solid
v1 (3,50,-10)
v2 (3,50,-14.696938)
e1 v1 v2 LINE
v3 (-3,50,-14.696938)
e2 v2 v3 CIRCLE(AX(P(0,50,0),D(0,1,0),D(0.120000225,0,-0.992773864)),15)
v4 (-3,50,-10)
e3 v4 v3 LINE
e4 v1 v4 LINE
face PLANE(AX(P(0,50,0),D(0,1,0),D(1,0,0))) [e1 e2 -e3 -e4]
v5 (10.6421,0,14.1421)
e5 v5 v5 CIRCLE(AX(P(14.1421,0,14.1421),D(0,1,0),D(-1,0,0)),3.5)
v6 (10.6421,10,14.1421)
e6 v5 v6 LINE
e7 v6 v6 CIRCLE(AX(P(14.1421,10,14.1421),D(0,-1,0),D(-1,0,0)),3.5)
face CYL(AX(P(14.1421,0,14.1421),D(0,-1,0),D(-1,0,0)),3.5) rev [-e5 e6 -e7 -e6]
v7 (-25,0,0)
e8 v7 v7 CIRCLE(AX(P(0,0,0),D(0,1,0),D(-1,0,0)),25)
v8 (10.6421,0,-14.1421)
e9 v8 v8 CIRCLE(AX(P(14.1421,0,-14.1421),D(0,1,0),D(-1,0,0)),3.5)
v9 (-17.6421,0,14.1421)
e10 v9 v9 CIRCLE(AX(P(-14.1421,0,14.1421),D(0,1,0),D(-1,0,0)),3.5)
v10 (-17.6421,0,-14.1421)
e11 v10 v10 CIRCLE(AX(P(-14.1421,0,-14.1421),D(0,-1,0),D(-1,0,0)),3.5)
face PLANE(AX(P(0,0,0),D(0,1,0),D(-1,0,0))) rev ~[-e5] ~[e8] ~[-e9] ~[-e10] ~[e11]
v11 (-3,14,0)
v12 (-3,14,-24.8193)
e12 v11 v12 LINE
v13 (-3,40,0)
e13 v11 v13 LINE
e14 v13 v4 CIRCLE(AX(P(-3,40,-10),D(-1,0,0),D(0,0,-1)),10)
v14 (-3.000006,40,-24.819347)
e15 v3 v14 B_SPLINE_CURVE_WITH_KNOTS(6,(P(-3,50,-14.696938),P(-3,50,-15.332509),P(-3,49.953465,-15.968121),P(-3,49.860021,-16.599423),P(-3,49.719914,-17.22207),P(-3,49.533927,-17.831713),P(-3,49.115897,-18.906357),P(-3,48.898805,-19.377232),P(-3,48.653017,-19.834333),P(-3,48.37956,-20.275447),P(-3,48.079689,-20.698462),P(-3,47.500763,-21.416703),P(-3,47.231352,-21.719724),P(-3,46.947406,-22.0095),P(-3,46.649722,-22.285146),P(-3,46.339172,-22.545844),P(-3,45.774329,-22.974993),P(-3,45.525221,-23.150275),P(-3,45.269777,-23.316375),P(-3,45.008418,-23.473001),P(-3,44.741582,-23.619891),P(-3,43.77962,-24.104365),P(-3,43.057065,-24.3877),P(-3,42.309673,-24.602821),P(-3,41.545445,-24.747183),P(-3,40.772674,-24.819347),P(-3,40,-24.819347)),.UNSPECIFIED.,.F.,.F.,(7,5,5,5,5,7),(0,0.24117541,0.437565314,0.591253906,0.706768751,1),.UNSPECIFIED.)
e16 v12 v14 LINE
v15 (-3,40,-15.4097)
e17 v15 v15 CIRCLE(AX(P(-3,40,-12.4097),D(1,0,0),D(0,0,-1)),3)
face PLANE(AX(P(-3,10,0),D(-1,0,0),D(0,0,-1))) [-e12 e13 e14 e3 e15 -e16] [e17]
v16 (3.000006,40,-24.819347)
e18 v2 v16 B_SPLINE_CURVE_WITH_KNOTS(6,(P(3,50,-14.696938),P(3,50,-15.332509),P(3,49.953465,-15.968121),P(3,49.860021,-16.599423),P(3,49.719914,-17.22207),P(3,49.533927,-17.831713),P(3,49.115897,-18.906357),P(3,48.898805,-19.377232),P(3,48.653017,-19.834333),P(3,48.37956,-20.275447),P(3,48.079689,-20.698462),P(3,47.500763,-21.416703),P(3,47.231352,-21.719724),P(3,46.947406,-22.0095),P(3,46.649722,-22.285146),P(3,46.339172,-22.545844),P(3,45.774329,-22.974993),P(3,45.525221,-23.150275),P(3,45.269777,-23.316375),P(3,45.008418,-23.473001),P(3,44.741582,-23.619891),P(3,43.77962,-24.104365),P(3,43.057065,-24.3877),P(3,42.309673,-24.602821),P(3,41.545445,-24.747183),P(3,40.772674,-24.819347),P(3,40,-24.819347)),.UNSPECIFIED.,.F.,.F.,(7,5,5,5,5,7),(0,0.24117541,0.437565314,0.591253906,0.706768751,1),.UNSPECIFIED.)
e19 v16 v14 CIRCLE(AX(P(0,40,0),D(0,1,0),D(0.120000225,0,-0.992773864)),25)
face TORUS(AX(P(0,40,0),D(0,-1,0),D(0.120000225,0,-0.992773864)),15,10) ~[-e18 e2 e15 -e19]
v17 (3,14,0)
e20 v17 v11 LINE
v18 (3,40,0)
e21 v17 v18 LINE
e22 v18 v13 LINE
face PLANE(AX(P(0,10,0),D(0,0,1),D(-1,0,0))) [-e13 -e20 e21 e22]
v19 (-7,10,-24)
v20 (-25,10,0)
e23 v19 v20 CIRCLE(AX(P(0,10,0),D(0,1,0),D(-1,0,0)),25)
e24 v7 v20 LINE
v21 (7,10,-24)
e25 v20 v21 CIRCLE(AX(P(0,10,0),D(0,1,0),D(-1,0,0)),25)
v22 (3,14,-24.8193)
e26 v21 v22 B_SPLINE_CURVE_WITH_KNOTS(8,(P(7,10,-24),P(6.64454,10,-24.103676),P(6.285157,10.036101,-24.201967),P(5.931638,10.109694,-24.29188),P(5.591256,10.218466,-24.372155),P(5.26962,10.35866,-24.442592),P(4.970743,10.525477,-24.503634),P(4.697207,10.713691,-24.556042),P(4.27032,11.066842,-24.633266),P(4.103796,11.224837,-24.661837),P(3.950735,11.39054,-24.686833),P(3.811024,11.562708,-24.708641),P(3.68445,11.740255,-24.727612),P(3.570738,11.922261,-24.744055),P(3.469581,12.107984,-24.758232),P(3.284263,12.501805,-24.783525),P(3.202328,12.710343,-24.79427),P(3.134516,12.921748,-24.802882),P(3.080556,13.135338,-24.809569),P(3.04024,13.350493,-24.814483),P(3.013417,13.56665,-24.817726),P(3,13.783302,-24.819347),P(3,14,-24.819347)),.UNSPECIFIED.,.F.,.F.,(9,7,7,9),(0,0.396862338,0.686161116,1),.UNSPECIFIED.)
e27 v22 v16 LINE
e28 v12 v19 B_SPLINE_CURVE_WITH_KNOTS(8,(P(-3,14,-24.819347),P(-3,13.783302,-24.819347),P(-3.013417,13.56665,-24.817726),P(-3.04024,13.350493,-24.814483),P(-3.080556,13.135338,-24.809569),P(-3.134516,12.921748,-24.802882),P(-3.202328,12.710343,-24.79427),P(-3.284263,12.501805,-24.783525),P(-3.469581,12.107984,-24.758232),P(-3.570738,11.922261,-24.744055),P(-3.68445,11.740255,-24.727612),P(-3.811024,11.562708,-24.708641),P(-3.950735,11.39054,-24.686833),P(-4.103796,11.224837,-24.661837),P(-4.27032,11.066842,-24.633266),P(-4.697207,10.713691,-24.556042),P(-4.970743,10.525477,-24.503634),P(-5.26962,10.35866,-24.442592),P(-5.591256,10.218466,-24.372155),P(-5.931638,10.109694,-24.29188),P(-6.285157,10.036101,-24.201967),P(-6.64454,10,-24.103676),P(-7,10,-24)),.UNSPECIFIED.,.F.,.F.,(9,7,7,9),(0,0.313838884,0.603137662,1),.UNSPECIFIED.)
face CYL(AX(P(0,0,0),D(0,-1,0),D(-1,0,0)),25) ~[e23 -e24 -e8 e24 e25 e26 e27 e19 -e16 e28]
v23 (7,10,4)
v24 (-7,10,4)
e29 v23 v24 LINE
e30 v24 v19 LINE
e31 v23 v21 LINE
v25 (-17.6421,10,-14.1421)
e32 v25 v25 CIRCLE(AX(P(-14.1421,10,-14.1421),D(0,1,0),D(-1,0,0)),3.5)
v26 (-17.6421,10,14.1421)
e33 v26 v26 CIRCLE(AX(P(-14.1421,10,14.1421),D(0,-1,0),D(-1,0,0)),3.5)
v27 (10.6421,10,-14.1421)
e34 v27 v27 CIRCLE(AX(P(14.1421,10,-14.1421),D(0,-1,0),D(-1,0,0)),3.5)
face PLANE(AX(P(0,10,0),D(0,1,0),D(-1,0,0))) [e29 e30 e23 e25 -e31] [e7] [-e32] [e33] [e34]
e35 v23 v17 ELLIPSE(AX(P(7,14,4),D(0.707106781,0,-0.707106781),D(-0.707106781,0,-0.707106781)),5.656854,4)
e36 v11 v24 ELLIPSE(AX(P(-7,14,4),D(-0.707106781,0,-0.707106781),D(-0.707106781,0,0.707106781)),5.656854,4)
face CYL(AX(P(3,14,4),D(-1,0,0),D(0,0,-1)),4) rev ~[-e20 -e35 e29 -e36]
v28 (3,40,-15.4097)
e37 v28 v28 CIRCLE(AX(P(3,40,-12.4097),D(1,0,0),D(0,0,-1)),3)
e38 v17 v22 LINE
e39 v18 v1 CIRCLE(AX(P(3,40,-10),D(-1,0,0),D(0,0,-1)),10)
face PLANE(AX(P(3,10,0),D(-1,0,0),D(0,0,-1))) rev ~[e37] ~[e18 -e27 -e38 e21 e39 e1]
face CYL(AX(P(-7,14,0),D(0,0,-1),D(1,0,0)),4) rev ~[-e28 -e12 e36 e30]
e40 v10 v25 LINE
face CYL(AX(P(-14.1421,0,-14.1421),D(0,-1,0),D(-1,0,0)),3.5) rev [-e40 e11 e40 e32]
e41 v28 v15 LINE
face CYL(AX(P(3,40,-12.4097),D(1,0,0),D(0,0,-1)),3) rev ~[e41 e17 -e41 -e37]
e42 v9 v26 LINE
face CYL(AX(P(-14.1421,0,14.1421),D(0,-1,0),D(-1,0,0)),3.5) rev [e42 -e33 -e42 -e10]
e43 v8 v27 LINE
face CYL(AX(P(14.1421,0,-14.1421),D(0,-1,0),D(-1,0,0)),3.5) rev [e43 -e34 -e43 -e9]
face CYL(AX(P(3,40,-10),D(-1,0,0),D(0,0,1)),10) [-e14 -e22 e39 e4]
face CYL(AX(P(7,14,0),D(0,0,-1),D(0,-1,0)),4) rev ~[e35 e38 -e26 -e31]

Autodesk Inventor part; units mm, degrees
ref_plane "YZ Plane" through (0, 0, 0) normal (1, 0, 0) x (0, 1, 0)
ref_plane "XZ Plane" through (0, 0, 0) normal (0, 1, 0) x (-1, 0, 0)
ref_plane "XY Plane" through (0, 0, 0) normal (0, 0, 1) x (1, 0, 0)
sketch "Boceto1" plane through (0, 0, 0) normal (0, 1, 0) x (-1, 0, 0)
  circle A0 centre (14.1421, -14.1421) radius 3.5
  circle A1 centre (-14.1421, -14.1421) radius 3.5
  circle A2 centre (-14.1421, 14.1421) radius 3.5
  circle A3 centre (14.1421, 14.1421) radius 3.5
  circle A4 centre (0, 0) radius 25
  circle A5 centre (0, 0) radius 20
  dimension "d24" = 40
  dimension "d23" = 7
  dimension "d25" = 50
  dimension "d26" = 7
  dimension "d27" = 7
  dimension "d28" = 7
extrude "Extrusión1" add sketch "Boceto1" along normal blind 10 contours A0 A5 A1 A2 A3 | A4
sketch "Boceto2" plane through (0, 10, 0) normal (0, 1, 0) x (1, 0, 0)
  line L0 (0, 0) -> (3, 0)
  line L1 (3, 0) -> (3, 24.8193)
  circle A0 centre (0, 0) radius 25 projected
  line L2 (0, 0) -> (-3, 0)
  line L3 (-3, 0) -> (-3, 24.8193)
  arc A1 (3, 24.8193) -> (-3, 24.8193) centre (0, 0) ccw
  dimension "d13" = 3
  dimension "d14" = 3
extrude "Extrusión2" add sketch "Boceto2" along normal blind 40 contours L2 L3 A0 L1 L0 picked at (-2, 8.2731)
fillet "Empalme1" radius 10 1 edges at (0, 50, 0)
fillet "Empalme2" radius 10 1 edges at (0, 50, -25)
fillet "Empalme3" radius 4 3 edges at (3, 10, -12.4097) (0, 10, 0) (-3, 10, -12.4097)
sketch "Boceto3" plane through (3, 50, -10) normal (1, 0, 0) x (0, 0, -1)
  line L0 (-10, -36) -> (-10, -10) projected
  line L1 (14.8193, -36) -> (14.8193, -10) projected
  circle A0 centre (2.4097, -10) radius 3
  point P0 (-10, -50)
extrude "Extrusión3" cut sketch "Boceto3" against normal blind 40
properties part number "Base"
